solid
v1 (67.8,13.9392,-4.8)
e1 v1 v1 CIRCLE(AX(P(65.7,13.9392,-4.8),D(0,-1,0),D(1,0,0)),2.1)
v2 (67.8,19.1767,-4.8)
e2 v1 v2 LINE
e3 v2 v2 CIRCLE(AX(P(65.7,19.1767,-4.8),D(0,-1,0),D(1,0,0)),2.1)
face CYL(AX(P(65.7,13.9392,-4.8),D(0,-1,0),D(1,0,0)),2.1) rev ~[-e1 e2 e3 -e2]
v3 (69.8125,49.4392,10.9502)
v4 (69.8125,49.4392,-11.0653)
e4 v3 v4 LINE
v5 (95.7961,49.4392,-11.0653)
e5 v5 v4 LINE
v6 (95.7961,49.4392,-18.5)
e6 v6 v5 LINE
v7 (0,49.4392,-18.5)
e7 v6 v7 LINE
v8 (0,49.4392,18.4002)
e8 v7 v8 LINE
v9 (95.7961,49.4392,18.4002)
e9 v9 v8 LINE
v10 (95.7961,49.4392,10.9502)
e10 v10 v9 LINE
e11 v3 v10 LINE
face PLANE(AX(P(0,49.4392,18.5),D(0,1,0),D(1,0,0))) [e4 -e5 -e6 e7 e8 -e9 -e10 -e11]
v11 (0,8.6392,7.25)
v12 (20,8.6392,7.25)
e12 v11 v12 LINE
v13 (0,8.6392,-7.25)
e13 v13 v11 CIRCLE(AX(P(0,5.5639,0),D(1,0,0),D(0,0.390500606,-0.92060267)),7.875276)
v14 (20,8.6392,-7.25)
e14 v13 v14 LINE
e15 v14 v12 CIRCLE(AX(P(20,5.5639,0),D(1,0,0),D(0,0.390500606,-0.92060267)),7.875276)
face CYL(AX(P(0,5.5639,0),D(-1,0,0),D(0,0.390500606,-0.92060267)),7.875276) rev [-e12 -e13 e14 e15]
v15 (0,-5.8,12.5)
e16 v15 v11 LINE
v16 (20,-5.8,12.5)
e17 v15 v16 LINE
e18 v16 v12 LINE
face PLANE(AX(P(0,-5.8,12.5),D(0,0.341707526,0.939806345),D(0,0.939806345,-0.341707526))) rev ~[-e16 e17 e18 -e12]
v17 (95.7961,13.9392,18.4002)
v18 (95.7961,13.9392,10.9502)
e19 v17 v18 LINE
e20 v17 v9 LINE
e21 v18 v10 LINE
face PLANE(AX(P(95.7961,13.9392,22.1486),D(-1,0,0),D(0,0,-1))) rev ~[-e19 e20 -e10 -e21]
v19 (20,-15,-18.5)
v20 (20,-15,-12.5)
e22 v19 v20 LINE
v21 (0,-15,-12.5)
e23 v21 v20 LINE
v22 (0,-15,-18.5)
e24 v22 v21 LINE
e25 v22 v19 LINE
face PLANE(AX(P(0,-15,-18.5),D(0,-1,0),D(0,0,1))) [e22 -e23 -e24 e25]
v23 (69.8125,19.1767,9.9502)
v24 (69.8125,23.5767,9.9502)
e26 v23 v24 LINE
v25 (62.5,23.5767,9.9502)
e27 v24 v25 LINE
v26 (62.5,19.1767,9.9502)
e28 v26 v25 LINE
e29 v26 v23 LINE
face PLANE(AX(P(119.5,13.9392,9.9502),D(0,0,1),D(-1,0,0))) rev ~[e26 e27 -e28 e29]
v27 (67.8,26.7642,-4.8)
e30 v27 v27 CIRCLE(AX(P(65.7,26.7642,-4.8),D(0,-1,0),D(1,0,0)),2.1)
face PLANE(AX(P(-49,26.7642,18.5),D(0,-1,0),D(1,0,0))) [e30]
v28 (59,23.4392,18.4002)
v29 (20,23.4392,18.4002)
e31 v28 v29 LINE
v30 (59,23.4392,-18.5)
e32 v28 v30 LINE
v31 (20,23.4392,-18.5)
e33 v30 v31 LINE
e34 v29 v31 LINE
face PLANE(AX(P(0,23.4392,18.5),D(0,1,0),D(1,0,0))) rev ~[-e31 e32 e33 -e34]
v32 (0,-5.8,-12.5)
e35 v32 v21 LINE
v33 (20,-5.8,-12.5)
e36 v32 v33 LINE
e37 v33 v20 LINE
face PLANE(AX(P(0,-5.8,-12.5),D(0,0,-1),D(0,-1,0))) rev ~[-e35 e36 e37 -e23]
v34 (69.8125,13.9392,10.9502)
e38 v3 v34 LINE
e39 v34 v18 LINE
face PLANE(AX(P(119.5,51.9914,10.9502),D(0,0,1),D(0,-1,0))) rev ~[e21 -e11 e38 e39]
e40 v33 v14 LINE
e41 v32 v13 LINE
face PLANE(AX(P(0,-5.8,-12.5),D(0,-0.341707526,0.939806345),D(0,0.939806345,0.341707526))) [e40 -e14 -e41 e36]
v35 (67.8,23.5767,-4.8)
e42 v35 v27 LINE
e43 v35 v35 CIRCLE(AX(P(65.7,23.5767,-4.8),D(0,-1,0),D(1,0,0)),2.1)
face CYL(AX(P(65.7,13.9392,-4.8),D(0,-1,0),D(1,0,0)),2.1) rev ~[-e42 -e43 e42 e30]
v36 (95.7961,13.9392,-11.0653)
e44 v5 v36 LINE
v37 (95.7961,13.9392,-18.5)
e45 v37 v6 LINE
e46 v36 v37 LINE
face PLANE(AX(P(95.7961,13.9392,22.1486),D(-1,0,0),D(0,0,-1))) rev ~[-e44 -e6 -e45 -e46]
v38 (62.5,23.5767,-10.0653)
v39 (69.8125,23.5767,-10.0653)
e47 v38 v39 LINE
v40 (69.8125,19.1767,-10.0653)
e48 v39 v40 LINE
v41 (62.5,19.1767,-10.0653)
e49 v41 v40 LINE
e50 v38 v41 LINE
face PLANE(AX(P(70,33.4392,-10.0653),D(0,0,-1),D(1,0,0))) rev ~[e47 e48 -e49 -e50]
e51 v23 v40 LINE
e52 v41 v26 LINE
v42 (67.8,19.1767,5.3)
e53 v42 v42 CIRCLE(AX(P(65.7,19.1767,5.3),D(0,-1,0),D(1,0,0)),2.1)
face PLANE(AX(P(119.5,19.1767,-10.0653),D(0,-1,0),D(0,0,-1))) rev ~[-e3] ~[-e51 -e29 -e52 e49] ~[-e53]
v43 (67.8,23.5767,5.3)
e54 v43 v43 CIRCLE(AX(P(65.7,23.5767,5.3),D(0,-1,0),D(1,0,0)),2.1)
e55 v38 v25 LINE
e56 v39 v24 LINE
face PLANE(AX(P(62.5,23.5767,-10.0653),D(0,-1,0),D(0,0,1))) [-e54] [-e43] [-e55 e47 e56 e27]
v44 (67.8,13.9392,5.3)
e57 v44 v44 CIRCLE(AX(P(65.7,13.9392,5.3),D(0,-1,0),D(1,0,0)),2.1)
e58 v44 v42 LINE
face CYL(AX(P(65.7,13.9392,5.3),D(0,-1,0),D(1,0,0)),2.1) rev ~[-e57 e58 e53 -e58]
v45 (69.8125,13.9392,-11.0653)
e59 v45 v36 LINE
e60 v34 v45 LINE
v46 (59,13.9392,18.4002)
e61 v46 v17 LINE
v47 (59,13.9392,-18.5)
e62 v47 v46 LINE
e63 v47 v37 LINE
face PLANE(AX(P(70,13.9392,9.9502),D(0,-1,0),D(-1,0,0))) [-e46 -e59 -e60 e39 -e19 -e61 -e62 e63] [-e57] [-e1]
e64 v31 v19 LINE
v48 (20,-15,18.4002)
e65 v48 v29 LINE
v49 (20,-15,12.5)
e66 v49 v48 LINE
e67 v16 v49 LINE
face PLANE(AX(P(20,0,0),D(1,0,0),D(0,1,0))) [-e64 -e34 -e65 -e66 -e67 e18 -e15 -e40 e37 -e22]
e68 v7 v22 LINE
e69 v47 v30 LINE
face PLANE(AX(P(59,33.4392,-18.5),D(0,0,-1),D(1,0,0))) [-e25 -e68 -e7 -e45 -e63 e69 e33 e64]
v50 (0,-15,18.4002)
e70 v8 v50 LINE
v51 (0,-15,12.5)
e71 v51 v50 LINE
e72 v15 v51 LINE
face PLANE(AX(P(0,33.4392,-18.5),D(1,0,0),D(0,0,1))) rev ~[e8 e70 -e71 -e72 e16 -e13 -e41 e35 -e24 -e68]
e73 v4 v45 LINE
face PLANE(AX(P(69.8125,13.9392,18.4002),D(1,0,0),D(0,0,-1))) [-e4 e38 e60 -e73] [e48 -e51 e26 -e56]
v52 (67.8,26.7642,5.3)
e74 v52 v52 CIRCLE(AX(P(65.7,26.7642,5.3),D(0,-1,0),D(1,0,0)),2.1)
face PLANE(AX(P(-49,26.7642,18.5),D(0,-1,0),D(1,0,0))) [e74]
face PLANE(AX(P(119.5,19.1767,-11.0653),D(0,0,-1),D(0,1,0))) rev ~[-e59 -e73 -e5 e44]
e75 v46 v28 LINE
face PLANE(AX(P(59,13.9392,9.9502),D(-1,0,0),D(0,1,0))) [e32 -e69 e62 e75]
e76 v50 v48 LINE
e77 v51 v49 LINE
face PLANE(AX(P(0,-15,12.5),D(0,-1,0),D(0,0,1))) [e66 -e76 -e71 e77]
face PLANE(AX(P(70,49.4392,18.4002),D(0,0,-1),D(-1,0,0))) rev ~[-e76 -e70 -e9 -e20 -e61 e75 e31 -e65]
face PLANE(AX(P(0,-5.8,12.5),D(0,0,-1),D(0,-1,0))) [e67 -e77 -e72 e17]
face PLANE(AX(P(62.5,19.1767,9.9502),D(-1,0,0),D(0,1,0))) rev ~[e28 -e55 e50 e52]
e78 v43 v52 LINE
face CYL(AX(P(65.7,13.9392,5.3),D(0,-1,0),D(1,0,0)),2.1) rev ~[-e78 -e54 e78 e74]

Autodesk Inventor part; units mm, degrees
ref_plane "YZ Plane" through (0, 0, 0) normal (1, 0, 0) x (0, 1, 0)
ref_plane "XZ Plane" through (0, 0, 0) normal (0, 1, 0) x (-1, 0, 0)
ref_plane "XY Plane" through (0, 0, 0) normal (0, 0, 1) x (1, 0, 0)
sketch "Sketch1" plane through (0, 0, 0) normal (1, 0, 0) x (0, 1, 0)
  line L0 (-5.8, 12.5) -> (-15, 12.5)
  line L1 (-5.8, -12.5) -> (-15, -12.5)
  line L2 (-5.8, 12.5) -> (8.6392, 7.25)
  line L3 (-5.8, -12.5) -> (8.6392, -7.25)
  arc A0 (8.6392, -7.25) -> (8.6392, 7.25) centre (5.5639, 0) ccw
  line L4 (-15, 12.5) -> (-15, 18.5)
  line L5 (-15, 18.5) -> (23.4392, 18.5)
  line L6 (23.4392, 18.5) -> (23.4392, -18.5)
  line L7 (23.4392, -18.5) -> (-15, -18.5)
  line L8 (-15, -18.5) -> (-15, -12.5)
  line L9 (23.4392, 0) -> (13.4392, 0) construction
  line L10 (13.4392, 0) -> (0, 0) construction
  line L11 (8.6392, -7.25) -> (8.6392, 0) construction
  line L12 (8.6392, 0) -> (8.6392, 7.25) construction
  point P0 (-10.4, 12.5)
  dimension "d0" = 9.2
  dimension "d1" = 25
  dimension "d2" = 12.5
  dimension "d7" = 9.2
  dimension "d8" = 12.5
  dimension "d9" = 15
  dimension "d10" = 15
  dimension "d14" = 6
  dimension "d15" = 6
  dimension "d16" = 37
  dimension "d29" = 10
  dimension "d88" = 4.8
  dimension "d90" = 14.5
  dimension "d91" = 23.4392
extrude "Extrusion1" add sketch "Sketch1" along normal blind 20
sketch "Sketch2" plane through (0, 23.4392, 18.5) normal (0, 1, 0) x (1, 0, 0)
  line L0 (0, 31) -> (0, 37) projected
  line L1 (0, 37) -> (70, 37)
  line L2 (70, 37) -> (70, 0.0995)
  line L3 (70, 0.0995) -> (0, 0.0995)
  line L4 (0, 0.0995) -> (0, 37)
  line L5 (20, 37) -> (20, 0) projected
  point P0 (0, 18.5)
  point P1 (70, 18.5498)
  dimension "d19" = 50
extrude "Extrusion2" add sketch "Sketch2" along normal blind 10
sketch "Sketch3" plane through (0, 23.4392, 18.5) normal (0, -1, 0) x (1, 0, 0)
  line L0 (110.5, -8.5498) -> (110.5, -28.5498)
  line L1 (110.5, -28.5498) -> (70, -28.5498)
  line L2 (70, -28.5498) -> (70, -8.5498)
  line L3 (70, -0.0995) -> (70, -37) projected
  line L4 (110.5, -8.5498) -> (119.5, -8.5498)
  line L5 (119.5, -8.5498) -> (119.5, -37)
  line L6 (119.5, -37) -> (70, -37)
  line L7 (70, -37) -> (0, -37) projected
  line L8 (70, -37) -> (59, -37)
  line L9 (59, -37) -> (59, -8.5498)
  line L10 (59, -8.5498) -> (70, -8.5498)
  point P0 (0, -18.5)
  point P1 (70, -18.5498)
  point P2 (70, -18.5498)
  point P3 (110.5, -18.5498)
  dimension "d22" = 20
  dimension "d23" = 20
  dimension "d24" = 0
  dimension "d25" = 40.5
  dimension "d26" = 9
  dimension "d30" = 11
extrude "Extrusion3" add sketch "Sketch3" along normal blind 9.5 and the other way blind 10
sketch "Sketch4" plane through (0, 33.4392, 18.5) normal (0, 1, 0) x (1, 0, 0)
  line L0 (110.5, 8.5498) -> (119.5, 8.5498) projected
  line L1 (62.5, 28.5653) -> (119.5, 28.5653)
  line L2 (119.5, 28.5653) -> (119.5, 8.5498)
  line L3 (119.5, 8.5498) -> (62.5, 8.5498)
  line L4 (62.5, 8.5498) -> (62.5, 28.5653)
  line L5 (70, 0.0995) -> (70, 28.5498) projected
  line L6 (110.5, 28.5498) -> (110.5, 8.5498) projected
  point P0 (0, 18.5)
  point P1 (70, 14.3246)
  point P2 (110.5, 8.5498)
  dimension "d33" = 7.5
  dimension "d34" = 9
extrude "Extrusion4" cut sketch "Sketch4" against normal blind 14.2625
sketch "Sketch5" plane through (0, 33.4392, 18.5) normal (0, 1, 0) x (1, 0, 0)
  line L0 (62.5, 8.5498) -> (62.5, 28.5653) projected
  line L1 (62.5, 8.5498) -> (70, 8.5498)
  line L2 (70, 8.5498) -> (70, -1.0168)
  line L3 (70, -1.0168) -> (62.5, -1.0168)
  line L4 (62.5, -1.0168) -> (62.5, 8.5498)
  line L5 (70, 0.0995) -> (70, 8.5498) projected
  point P0 (0, 18.5)
  dimension "d47" = 0
extrude "Extrusion5" cut sketch "Sketch5" against normal blind 14.2625
sketch "Sketch7" plane through (59, 13.9392, 9.9502) normal (0, 0, 1) x (1, 0, 0)
  line L0 (3.5, 5.2375) -> (3.5, 9.5) projected
  line L1 (11, 0) -> (11, 5.2375) projected
  line L2 (3.5, 5.2375) -> (11, 5.2375)
  line L3 (11, 5.2375) -> (11, 0)
  line L4 (11, 0) -> (0, 0)
  line L5 (0, 0) -> (0, 9.5)
  line L6 (0, 9.5) -> (3.5, 9.5)
  line L7 (-39, 9.5) -> (3.5, 9.5) projected
  line L8 (3.5, 9.5) -> (3.5, 19.5) projected
  point P0 (-59, -13.9392)
  dimension "d42" = 11
  dimension "d43" = 0
  dimension "d44" = 0
extrude "Extrusion7" add sketch "Sketch7" along normal blind 8.45
sketch "Sketch8" plane through (62.5, 33.4392, 18.4005) normal (1, 0, 0) x (0, 0, -1)
  line L0 (28.4658, 0) -> (28.4658, -14.2625) projected
  line L1 (36.9005, 0) -> (0, 0) projected
  line L2 (28.4658, -9.8625) -> (0, -9.8625)
  line L3 (0, -9.8625) -> (0, 0)
  line L4 (0, 0) -> (28.4658, 0)
  line L5 (28.4658, 0) -> (28.4658, -9.8625)
  line L6 (28.4658, -14.2625) -> (8.4502, -14.2625) projected
  line L7 (8.4502, -14.2625) -> (8.4502, -19.5) projected
  line L8 (0, -10) -> (0, 0) projected
  point P0 (18.4005, -33.4392)
  dimension "d48" = 4.4
  dimension "d52" = 0
extrude "Extrusion8" add sketch "Sketch8" along normal blind 7.5
sketch "Sketch9" plane through (0, 33.4392, 18.5) normal (0, 1, 0) x (1, 0, 0)
  line L0 (59, 37) -> (59, 0.0998) projected
  line L1 (59, 0.0998) -> (59, 37)
  line L2 (119.5, 37) -> (119.5, 8.5498) projected
  line L3 (59, 37) -> (119.5, 37)
  line L4 (70, 28.5653) -> (119.5, 28.5653) projected
  line L5 (119.5, 37) -> (119.5, 28.5653)
  line L6 (119.5, 28.5653) -> (70, 28.5653)
  line L7 (0, 0.0995) -> (70, 0.0995) projected
  line L8 (70, 28.5653) -> (70, 0.0995)
  line L9 (70, 0.0995) -> (59, 0.0998)
  point P0 (0, 18.5)
extrude "Extrusion9" add sketch "Sketch9" along normal blind 16
sketch "Sketch10" plane through (0, 33.4392, 18.5) normal (0, 1, 0) x (1, 0, 0)
  line L0 (59, 0.0998) -> (59, 37) projected
  line L1 (0, 0.0995) -> (70, 0.0995) projected
  line L2 (59, 37) -> (0, 37)
  line L3 (0, 37) -> (0, 0.0995)
  line L4 (0, 0.0995) -> (59, 0.0995)
  line L5 (59, 0.0995) -> (59, 37)
  point P0 (0, 18.5)
  point P1 (59, 0.0995)
extrude "Extrusion10" add sketch "Sketch10" along normal blind 16
sketch "Sketch12" plane through (0, 49.4392, 18.5) normal (0, 1, 0) x (1, 0, 0)
  line L0 (70, 28.5498) -> (70, 0.0998) projected
  line L1 (70, 0.0998) -> (-11.6844, 0.0998)
  line L2 (-11.6844, 0.0998) -> (-11.6844, -16.6848)
  line L3 (-11.6844, -16.6848) -> (70, -16.6848)
  line L4 (70, -16.6848) -> (70, 0.0998)
  point P0 (0, 18.5)
extrude "Extrusion11" cut sketch "Sketch12" against normal blind 76.325
sketch "Sketch13" plane through (0, 19.1767, 18.5) normal (0, 1, 0) x (1, 0, 0)
  line L0 (110.5, 8.5498) -> (110.5, 28.5498) projected
  line L1 (70, 0.0998) -> (70, 28.5653) projected
  line L2 (110.5, 28.5498) -> (70, 28.5498)
  line L3 (70, 28.5498) -> (70, 28.5653)
  line L4 (70, 28.5653) -> (110.5, 28.5653)
  line L5 (110.5, 28.5653) -> (110.5, 28.5498)
  point P0 (0, 18.5)
extrude "Extrusion12" cut sketch "Sketch13" against normal blind 76.325
sketch "Sketch14" plane through (0, 13.9392, 18.5) normal (0, -1, 0) x (1, 0, 0)
  circle A0 centre (114.7, -23.3) radius 2.1
  circle A1 centre (114.7, -13.2) radius 2.1
  line L0 (110.5, -8.5498) -> (110.5, -28.5653) projected
  line L1 (20, -11.25) -> (20, -25.75) projected
  point P0 (0, -18.5)
  point P1 (20, -18.5)
  dimension "d61" = 4.2
  dimension "d62" = 4.2
  dimension "d63" = 10.1
  dimension "d64" = 4.2
  dimension "d65" = 0
  dimension "d66" = 4.8
extrude "Extrusion13" cut sketch "Sketch14" against normal blind 12.825
pattern_linear "Rectangular Pattern1" count 2 spacing 49 along (-1, 0, 0) of "Extrusion13"
sketch "Sketch15" plane through (0, 13.9392, 18.5) normal (0, -1, 0) x (1, 0, 0)
  line L0 (70, -0.0998) -> (70, -28.5653) projected
  line L1 (70, -0.0998) -> (119.5, -0.0998)
  line L2 (119.5, -0.0998) -> (119.5, -8.5498)
  line L3 (119.5, -8.5498) -> (110.5, -8.5498) projected
  line L4 (119.5, -8.5498) -> (110.5, -8.5498)
  line L5 (110.5, -8.5498) -> (68.2571, -8.5498)
  line L6 (68.2571, -8.5498) -> (59, -8.5498)
  line L7 (59, -37) -> (59, -0.0998) projected
  line L8 (59, -0.0998) -> (59, -8.5498)
  line L9 (59, -0.0998) -> (70, -0.0998)
  point P0 (0, -18.5)
extrude "Extrusion14" add sketch "Sketch15" against normal blind 35.5
sketch "Sketch16" plane through (119.5, 13.9392, 18.4002) normal (1, 0, 0) x (0, 0, -1)
  line L0 (7.45, 5.2375) -> (29.4655, 5.2375)
  line L1 (29.4655, 5.2375) -> (29.4655, 38.0522)
  line L2 (29.4655, 38.0522) -> (7.45, 38.0522)
  line L3 (7.45, 38.0522) -> (7.45, 5.2375)
  line L4 (28.4655, 5.2375) -> (8.45, 5.2375) projected
  line L5 (8.45, 5.2375) -> (8.45, 35.5) projected
  line L6 (28.4655, 35.5) -> (28.4655, 5.2375) projected
  point P0 (18.4002, -13.9392)
  dimension "d74" = 0
  dimension "d75" = 1
  dimension "d76" = 1
extrude "Extrusion15" cut sketch "Sketch16" against normal blind 49.6875
sketch "Sketch19" plane through (0, 13.9392, 18.5) normal (0, -1, 0) x (1, 0, 0)
  line L0 (134.9623, 3.6486) -> (95.7961, 3.6486)
  line L1 (95.7961, 3.6486) -> (95.7961, -43.9762)
  line L2 (95.7961, -43.9762) -> (134.9623, -43.9762)
  line L3 (134.9623, -43.9762) -> (134.9623, 3.6486)
  point P0 (0, -18.5)
extrude "Extrusion18" cut sketch "Sketch19" against normal blind 65.5625
sketch "Sketch20" plane through (0, 49.4392, 18.5) normal (0, 1, 0) x (1, 0, 0)
  line L0 (95.7961, 28.5653) -> (95.7961, 29.5653) projected
  line L1 (95.7961, 7.5498) -> (69.8125, 7.5498) projected
  line L2 (95.7961, 29.5653) -> (69.8125, 29.5653)
  line L3 (69.8125, 29.5653) -> (69.8125, 7.5498)
  line L4 (69.8125, 7.5498) -> (95.7961, 7.5498)
  line L5 (95.7961, 7.5498) -> (95.7961, 29.5653)
  point P0 (0, 18.5)
  point P1 (95.7961, 7.5498)
extrude "Extrusion19" cut sketch "Sketch20" against normal blind 65.5625
properties part number "Holder223"
